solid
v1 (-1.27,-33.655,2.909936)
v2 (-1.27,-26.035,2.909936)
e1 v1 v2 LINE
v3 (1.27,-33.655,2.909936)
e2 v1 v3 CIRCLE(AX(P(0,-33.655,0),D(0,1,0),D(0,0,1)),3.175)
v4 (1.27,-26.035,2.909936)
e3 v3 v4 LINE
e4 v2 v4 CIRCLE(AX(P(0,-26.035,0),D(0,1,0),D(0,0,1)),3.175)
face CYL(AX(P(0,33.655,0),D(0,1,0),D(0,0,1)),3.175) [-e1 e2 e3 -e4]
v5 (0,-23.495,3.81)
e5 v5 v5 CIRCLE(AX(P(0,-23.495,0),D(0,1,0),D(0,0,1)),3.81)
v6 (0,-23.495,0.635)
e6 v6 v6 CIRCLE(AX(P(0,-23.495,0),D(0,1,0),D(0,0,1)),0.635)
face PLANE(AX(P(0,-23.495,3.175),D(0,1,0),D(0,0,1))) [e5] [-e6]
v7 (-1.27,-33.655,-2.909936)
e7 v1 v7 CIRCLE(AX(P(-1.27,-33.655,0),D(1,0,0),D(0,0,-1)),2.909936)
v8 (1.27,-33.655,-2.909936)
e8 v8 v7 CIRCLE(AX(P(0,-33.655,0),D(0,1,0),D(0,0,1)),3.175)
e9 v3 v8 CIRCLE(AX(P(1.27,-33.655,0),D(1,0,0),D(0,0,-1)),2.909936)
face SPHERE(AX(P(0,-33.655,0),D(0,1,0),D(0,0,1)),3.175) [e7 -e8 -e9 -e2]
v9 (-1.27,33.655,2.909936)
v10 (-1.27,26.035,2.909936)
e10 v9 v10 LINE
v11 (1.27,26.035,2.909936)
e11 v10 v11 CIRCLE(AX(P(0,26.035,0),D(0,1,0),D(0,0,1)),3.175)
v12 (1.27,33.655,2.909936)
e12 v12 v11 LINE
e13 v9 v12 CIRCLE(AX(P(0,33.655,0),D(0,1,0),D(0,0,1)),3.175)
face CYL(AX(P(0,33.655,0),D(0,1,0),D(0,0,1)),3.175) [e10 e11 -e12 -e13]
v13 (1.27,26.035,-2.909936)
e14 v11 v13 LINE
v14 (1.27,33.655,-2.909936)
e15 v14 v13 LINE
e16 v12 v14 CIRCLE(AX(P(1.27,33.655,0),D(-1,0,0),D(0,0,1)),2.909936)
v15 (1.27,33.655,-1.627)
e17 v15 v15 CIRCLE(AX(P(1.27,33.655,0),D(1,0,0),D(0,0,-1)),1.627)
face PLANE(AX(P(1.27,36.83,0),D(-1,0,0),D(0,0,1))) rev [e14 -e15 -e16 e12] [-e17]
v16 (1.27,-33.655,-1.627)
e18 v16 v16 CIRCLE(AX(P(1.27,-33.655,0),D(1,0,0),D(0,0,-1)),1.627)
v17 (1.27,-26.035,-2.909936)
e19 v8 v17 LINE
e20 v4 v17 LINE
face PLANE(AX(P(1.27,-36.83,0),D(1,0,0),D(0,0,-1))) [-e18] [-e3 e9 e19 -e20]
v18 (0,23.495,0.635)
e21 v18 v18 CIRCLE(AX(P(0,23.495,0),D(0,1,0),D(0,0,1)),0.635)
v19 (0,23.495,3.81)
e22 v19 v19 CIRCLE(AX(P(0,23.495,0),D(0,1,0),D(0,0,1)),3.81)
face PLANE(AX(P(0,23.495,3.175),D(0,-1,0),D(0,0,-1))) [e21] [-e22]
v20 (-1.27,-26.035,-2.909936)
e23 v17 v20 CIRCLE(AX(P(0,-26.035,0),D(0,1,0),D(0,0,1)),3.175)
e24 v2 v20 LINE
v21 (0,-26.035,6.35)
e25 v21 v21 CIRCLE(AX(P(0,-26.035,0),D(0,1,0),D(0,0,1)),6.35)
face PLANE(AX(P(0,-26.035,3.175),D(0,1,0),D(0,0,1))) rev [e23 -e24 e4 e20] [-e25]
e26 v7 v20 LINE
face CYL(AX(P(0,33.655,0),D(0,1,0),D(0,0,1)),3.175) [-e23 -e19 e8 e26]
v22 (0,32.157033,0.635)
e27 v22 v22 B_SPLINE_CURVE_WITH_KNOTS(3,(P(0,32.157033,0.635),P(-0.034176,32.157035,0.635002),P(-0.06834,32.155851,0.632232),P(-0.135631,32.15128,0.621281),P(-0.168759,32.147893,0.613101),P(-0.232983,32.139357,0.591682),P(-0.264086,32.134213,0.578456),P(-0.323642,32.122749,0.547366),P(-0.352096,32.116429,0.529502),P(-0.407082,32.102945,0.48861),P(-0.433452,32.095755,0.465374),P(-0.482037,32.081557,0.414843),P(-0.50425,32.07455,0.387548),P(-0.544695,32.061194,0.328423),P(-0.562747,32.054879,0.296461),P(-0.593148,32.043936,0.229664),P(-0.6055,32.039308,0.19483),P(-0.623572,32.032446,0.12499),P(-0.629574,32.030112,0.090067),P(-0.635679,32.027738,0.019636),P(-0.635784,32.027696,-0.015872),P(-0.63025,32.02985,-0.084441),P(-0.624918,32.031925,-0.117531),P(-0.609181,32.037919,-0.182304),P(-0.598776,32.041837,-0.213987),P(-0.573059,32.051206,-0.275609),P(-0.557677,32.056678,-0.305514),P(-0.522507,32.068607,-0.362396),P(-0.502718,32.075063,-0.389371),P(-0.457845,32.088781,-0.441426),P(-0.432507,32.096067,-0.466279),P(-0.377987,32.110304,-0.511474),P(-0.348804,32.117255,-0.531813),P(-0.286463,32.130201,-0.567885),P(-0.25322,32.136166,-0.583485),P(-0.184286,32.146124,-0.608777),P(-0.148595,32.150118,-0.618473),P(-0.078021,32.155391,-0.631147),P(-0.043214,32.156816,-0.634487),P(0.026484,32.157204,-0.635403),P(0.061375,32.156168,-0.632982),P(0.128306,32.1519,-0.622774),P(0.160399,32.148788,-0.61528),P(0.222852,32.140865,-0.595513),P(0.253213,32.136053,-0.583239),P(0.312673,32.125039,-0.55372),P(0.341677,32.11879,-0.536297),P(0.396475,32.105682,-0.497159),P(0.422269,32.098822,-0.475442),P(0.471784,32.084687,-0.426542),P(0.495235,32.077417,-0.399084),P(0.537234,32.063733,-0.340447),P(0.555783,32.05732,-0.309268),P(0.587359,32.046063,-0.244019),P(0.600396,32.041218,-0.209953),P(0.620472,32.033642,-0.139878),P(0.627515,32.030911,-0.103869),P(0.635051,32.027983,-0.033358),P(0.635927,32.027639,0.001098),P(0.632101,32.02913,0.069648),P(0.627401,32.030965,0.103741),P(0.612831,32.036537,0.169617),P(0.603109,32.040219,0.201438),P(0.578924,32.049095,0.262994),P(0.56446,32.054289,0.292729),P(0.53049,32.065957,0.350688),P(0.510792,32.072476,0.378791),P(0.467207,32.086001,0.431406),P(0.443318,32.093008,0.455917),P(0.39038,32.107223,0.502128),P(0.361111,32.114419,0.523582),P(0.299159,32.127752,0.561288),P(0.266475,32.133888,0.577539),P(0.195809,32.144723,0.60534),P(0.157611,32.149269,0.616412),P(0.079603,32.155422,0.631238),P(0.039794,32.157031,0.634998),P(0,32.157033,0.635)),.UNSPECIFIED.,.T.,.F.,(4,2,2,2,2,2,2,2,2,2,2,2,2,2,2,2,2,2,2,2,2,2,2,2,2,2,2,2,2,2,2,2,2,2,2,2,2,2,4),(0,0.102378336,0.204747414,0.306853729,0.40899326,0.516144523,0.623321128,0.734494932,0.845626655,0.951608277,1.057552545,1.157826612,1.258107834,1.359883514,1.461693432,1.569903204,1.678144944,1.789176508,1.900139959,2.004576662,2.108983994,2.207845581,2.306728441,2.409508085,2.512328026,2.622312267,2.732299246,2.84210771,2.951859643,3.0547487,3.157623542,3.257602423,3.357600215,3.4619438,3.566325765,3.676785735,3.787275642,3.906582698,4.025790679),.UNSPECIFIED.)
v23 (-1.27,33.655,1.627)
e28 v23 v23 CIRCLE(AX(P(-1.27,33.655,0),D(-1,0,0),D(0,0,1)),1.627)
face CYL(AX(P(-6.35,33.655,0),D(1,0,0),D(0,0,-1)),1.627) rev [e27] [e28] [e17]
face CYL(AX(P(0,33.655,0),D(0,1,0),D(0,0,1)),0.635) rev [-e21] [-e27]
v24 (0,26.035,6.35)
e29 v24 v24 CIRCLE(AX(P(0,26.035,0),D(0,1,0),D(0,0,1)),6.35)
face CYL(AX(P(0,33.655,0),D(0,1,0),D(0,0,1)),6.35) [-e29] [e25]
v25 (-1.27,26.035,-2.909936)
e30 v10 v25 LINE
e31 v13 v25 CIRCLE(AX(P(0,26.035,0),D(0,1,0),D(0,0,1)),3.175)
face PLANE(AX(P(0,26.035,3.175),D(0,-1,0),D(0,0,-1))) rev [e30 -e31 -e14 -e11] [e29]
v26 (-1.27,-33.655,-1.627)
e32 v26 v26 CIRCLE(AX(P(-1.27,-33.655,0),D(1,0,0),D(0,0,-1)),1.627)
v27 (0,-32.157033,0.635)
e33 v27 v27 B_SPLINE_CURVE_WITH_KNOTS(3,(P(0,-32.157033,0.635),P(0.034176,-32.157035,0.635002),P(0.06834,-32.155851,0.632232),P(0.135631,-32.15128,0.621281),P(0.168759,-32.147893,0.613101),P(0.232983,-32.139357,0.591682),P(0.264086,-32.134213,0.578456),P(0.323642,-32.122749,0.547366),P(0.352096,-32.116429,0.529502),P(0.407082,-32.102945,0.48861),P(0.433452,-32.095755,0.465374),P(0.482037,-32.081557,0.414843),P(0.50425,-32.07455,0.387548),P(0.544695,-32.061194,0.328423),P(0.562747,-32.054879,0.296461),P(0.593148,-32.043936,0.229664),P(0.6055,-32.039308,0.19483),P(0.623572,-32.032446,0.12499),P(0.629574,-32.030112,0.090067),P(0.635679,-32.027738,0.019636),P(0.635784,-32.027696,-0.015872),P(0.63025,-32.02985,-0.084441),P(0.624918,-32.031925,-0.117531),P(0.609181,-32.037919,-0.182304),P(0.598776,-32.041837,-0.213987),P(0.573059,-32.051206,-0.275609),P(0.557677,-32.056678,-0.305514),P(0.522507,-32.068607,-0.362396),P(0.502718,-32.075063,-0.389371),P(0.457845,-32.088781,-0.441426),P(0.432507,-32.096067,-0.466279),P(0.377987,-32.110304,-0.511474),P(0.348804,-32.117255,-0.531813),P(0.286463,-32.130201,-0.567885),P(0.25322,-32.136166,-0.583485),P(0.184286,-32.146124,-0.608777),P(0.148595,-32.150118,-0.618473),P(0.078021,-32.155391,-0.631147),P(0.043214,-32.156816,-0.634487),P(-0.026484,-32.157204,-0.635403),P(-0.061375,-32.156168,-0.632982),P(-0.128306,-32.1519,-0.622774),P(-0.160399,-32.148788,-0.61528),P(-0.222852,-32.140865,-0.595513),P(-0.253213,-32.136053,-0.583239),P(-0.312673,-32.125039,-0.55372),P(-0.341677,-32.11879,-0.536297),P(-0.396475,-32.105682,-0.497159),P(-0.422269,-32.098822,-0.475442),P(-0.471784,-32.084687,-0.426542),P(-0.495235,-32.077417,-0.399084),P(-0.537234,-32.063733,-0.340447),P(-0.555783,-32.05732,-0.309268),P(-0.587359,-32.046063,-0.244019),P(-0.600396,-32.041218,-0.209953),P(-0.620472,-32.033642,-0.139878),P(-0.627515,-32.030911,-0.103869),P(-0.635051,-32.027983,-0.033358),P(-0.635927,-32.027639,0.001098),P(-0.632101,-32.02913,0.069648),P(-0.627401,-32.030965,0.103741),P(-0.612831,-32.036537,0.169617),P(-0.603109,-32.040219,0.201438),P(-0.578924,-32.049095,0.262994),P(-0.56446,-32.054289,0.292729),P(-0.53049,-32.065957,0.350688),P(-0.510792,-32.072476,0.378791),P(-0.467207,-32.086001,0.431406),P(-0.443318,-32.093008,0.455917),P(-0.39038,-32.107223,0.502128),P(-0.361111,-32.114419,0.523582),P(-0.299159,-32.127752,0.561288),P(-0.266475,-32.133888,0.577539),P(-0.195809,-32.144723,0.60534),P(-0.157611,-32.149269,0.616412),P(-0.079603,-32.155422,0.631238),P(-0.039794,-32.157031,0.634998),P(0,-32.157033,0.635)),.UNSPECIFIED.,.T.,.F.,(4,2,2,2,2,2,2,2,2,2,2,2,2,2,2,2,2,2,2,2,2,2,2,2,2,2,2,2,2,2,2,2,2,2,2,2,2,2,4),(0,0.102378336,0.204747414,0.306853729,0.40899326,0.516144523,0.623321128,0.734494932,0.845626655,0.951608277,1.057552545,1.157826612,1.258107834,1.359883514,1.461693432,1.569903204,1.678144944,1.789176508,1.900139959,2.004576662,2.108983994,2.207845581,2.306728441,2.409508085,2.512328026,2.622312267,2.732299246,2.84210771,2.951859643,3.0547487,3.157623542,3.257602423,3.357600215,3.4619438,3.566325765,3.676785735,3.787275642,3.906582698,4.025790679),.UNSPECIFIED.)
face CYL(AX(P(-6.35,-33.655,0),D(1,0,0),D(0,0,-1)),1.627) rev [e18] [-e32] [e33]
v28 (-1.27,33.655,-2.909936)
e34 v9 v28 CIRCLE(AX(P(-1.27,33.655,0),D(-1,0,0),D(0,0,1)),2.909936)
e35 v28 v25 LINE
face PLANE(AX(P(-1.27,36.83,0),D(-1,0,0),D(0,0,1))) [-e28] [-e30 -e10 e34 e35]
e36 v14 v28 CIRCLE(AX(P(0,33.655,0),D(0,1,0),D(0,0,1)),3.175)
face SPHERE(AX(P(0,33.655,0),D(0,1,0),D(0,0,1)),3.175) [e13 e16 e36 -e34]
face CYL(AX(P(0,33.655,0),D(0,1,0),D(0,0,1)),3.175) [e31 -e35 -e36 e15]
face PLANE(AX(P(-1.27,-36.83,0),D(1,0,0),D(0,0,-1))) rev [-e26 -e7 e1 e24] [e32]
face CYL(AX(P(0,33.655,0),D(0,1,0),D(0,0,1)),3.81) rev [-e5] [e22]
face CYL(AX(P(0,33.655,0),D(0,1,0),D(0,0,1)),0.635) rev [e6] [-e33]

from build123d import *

# Parameters (mm, degrees)
CUT_EXTRUDE2_DEPTH = 64.503174921
SKETCH4_R          = 1.627
CUT_EXTRUDE3_DEPTH = 39.142309841


with BuildPart() as part:
    # Sketch1 → Revolve-Thin1 (revolve)
    with BuildSketch(Plane(origin=(0, 0, 0), x_dir=(0, 0, -1), z_dir=(1, 0, 0))):
        with BuildLine():
            ThreePointArc((0, 36.83), (-2.24506403, 35.90006403), (-3.175, 33.655))
            Line((-3.175, 33.655), (-3.175, 26.035))
            Line((-3.175, 26.035), (-6.35, 26.035))
            Line((-6.35, 26.035), (-6.35, -26.035))
            Line((-6.35, -26.035), (-3.175, -26.035))
            Line((-3.175, -26.035), (-3.175, -33.655))
            ThreePointArc((-3.175, -33.655), (-2.24506403, -35.90006403), (0, -36.83))
            Line((0, -36.83), (0, -34.29))
            ThreePointArc((0, -34.29), (-0.449012806, -34.104012806), (-0.635, -33.655))
            Line((-0.635, -33.655), (-0.635, -23.495))
            Line((-0.635, -23.495), (-3.81, -23.495))
            Line((-3.81, -23.495), (-3.81, 23.495))
            Line((-3.81, 23.495), (-0.635, 23.495))
            Line((-0.635, 23.495), (-0.635, 33.655))
            ThreePointArc((-0.635, 33.655), (-0.449012806, 34.104012806), (0, 34.29))
            Line((0, 34.29), (0, 36.83))
        make_face()
    revolve(axis=Axis((0, 33.655, 0), (0, -1, 0)))

    # Sketch3 → Cut-Extrude2 (cut, through all)
    with BuildSketch(Plane(origin=(0, 26.035, 0), x_dir=(1, 0, 0), z_dir=(0, 1, 0))):
        with BuildLine():
            ThreePointArc((-1.27, 2.909935566), (-3.175, 0), (-1.27, -2.909935566))
            Line((-1.27, -2.909935566), (-1.27, 2.909935566))
        make_face()
        with BuildLine():
            Line((1.27, 2.909935566), (1.27, -2.909935566))
            ThreePointArc((1.27, -2.909935566), (2.656395584, -1.73901912), (3.175, 0))
            ThreePointArc((3.175, 0), (2.656395584, 1.73901912), (1.27, 2.909935566))
        make_face()
    cut_extrude2 = extrude(amount=CUT_EXTRUDE2_DEPTH, mode=Mode.SUBTRACT)

    # Mirror1: Cut-Extrude2 across plane
    add(cut_extrude2.mirror(Plane.ZX), mode=Mode.SUBTRACT)

    # Sketch4 → Cut-Extrude3 (cut, through all)
    with BuildSketch(Plane(origin=(1.27, 0, 0), x_dir=(0, 0, -1), z_dir=(1, 0, 0))):
        with Locations((0, 33.655)):
            Circle(SKETCH4_R)
        with Locations((0, -33.655)):
            Circle(SKETCH4_R)
    extrude(amount=-CUT_EXTRUDE3_DEPTH, mode=Mode.SUBTRACT)


solid = part.part
